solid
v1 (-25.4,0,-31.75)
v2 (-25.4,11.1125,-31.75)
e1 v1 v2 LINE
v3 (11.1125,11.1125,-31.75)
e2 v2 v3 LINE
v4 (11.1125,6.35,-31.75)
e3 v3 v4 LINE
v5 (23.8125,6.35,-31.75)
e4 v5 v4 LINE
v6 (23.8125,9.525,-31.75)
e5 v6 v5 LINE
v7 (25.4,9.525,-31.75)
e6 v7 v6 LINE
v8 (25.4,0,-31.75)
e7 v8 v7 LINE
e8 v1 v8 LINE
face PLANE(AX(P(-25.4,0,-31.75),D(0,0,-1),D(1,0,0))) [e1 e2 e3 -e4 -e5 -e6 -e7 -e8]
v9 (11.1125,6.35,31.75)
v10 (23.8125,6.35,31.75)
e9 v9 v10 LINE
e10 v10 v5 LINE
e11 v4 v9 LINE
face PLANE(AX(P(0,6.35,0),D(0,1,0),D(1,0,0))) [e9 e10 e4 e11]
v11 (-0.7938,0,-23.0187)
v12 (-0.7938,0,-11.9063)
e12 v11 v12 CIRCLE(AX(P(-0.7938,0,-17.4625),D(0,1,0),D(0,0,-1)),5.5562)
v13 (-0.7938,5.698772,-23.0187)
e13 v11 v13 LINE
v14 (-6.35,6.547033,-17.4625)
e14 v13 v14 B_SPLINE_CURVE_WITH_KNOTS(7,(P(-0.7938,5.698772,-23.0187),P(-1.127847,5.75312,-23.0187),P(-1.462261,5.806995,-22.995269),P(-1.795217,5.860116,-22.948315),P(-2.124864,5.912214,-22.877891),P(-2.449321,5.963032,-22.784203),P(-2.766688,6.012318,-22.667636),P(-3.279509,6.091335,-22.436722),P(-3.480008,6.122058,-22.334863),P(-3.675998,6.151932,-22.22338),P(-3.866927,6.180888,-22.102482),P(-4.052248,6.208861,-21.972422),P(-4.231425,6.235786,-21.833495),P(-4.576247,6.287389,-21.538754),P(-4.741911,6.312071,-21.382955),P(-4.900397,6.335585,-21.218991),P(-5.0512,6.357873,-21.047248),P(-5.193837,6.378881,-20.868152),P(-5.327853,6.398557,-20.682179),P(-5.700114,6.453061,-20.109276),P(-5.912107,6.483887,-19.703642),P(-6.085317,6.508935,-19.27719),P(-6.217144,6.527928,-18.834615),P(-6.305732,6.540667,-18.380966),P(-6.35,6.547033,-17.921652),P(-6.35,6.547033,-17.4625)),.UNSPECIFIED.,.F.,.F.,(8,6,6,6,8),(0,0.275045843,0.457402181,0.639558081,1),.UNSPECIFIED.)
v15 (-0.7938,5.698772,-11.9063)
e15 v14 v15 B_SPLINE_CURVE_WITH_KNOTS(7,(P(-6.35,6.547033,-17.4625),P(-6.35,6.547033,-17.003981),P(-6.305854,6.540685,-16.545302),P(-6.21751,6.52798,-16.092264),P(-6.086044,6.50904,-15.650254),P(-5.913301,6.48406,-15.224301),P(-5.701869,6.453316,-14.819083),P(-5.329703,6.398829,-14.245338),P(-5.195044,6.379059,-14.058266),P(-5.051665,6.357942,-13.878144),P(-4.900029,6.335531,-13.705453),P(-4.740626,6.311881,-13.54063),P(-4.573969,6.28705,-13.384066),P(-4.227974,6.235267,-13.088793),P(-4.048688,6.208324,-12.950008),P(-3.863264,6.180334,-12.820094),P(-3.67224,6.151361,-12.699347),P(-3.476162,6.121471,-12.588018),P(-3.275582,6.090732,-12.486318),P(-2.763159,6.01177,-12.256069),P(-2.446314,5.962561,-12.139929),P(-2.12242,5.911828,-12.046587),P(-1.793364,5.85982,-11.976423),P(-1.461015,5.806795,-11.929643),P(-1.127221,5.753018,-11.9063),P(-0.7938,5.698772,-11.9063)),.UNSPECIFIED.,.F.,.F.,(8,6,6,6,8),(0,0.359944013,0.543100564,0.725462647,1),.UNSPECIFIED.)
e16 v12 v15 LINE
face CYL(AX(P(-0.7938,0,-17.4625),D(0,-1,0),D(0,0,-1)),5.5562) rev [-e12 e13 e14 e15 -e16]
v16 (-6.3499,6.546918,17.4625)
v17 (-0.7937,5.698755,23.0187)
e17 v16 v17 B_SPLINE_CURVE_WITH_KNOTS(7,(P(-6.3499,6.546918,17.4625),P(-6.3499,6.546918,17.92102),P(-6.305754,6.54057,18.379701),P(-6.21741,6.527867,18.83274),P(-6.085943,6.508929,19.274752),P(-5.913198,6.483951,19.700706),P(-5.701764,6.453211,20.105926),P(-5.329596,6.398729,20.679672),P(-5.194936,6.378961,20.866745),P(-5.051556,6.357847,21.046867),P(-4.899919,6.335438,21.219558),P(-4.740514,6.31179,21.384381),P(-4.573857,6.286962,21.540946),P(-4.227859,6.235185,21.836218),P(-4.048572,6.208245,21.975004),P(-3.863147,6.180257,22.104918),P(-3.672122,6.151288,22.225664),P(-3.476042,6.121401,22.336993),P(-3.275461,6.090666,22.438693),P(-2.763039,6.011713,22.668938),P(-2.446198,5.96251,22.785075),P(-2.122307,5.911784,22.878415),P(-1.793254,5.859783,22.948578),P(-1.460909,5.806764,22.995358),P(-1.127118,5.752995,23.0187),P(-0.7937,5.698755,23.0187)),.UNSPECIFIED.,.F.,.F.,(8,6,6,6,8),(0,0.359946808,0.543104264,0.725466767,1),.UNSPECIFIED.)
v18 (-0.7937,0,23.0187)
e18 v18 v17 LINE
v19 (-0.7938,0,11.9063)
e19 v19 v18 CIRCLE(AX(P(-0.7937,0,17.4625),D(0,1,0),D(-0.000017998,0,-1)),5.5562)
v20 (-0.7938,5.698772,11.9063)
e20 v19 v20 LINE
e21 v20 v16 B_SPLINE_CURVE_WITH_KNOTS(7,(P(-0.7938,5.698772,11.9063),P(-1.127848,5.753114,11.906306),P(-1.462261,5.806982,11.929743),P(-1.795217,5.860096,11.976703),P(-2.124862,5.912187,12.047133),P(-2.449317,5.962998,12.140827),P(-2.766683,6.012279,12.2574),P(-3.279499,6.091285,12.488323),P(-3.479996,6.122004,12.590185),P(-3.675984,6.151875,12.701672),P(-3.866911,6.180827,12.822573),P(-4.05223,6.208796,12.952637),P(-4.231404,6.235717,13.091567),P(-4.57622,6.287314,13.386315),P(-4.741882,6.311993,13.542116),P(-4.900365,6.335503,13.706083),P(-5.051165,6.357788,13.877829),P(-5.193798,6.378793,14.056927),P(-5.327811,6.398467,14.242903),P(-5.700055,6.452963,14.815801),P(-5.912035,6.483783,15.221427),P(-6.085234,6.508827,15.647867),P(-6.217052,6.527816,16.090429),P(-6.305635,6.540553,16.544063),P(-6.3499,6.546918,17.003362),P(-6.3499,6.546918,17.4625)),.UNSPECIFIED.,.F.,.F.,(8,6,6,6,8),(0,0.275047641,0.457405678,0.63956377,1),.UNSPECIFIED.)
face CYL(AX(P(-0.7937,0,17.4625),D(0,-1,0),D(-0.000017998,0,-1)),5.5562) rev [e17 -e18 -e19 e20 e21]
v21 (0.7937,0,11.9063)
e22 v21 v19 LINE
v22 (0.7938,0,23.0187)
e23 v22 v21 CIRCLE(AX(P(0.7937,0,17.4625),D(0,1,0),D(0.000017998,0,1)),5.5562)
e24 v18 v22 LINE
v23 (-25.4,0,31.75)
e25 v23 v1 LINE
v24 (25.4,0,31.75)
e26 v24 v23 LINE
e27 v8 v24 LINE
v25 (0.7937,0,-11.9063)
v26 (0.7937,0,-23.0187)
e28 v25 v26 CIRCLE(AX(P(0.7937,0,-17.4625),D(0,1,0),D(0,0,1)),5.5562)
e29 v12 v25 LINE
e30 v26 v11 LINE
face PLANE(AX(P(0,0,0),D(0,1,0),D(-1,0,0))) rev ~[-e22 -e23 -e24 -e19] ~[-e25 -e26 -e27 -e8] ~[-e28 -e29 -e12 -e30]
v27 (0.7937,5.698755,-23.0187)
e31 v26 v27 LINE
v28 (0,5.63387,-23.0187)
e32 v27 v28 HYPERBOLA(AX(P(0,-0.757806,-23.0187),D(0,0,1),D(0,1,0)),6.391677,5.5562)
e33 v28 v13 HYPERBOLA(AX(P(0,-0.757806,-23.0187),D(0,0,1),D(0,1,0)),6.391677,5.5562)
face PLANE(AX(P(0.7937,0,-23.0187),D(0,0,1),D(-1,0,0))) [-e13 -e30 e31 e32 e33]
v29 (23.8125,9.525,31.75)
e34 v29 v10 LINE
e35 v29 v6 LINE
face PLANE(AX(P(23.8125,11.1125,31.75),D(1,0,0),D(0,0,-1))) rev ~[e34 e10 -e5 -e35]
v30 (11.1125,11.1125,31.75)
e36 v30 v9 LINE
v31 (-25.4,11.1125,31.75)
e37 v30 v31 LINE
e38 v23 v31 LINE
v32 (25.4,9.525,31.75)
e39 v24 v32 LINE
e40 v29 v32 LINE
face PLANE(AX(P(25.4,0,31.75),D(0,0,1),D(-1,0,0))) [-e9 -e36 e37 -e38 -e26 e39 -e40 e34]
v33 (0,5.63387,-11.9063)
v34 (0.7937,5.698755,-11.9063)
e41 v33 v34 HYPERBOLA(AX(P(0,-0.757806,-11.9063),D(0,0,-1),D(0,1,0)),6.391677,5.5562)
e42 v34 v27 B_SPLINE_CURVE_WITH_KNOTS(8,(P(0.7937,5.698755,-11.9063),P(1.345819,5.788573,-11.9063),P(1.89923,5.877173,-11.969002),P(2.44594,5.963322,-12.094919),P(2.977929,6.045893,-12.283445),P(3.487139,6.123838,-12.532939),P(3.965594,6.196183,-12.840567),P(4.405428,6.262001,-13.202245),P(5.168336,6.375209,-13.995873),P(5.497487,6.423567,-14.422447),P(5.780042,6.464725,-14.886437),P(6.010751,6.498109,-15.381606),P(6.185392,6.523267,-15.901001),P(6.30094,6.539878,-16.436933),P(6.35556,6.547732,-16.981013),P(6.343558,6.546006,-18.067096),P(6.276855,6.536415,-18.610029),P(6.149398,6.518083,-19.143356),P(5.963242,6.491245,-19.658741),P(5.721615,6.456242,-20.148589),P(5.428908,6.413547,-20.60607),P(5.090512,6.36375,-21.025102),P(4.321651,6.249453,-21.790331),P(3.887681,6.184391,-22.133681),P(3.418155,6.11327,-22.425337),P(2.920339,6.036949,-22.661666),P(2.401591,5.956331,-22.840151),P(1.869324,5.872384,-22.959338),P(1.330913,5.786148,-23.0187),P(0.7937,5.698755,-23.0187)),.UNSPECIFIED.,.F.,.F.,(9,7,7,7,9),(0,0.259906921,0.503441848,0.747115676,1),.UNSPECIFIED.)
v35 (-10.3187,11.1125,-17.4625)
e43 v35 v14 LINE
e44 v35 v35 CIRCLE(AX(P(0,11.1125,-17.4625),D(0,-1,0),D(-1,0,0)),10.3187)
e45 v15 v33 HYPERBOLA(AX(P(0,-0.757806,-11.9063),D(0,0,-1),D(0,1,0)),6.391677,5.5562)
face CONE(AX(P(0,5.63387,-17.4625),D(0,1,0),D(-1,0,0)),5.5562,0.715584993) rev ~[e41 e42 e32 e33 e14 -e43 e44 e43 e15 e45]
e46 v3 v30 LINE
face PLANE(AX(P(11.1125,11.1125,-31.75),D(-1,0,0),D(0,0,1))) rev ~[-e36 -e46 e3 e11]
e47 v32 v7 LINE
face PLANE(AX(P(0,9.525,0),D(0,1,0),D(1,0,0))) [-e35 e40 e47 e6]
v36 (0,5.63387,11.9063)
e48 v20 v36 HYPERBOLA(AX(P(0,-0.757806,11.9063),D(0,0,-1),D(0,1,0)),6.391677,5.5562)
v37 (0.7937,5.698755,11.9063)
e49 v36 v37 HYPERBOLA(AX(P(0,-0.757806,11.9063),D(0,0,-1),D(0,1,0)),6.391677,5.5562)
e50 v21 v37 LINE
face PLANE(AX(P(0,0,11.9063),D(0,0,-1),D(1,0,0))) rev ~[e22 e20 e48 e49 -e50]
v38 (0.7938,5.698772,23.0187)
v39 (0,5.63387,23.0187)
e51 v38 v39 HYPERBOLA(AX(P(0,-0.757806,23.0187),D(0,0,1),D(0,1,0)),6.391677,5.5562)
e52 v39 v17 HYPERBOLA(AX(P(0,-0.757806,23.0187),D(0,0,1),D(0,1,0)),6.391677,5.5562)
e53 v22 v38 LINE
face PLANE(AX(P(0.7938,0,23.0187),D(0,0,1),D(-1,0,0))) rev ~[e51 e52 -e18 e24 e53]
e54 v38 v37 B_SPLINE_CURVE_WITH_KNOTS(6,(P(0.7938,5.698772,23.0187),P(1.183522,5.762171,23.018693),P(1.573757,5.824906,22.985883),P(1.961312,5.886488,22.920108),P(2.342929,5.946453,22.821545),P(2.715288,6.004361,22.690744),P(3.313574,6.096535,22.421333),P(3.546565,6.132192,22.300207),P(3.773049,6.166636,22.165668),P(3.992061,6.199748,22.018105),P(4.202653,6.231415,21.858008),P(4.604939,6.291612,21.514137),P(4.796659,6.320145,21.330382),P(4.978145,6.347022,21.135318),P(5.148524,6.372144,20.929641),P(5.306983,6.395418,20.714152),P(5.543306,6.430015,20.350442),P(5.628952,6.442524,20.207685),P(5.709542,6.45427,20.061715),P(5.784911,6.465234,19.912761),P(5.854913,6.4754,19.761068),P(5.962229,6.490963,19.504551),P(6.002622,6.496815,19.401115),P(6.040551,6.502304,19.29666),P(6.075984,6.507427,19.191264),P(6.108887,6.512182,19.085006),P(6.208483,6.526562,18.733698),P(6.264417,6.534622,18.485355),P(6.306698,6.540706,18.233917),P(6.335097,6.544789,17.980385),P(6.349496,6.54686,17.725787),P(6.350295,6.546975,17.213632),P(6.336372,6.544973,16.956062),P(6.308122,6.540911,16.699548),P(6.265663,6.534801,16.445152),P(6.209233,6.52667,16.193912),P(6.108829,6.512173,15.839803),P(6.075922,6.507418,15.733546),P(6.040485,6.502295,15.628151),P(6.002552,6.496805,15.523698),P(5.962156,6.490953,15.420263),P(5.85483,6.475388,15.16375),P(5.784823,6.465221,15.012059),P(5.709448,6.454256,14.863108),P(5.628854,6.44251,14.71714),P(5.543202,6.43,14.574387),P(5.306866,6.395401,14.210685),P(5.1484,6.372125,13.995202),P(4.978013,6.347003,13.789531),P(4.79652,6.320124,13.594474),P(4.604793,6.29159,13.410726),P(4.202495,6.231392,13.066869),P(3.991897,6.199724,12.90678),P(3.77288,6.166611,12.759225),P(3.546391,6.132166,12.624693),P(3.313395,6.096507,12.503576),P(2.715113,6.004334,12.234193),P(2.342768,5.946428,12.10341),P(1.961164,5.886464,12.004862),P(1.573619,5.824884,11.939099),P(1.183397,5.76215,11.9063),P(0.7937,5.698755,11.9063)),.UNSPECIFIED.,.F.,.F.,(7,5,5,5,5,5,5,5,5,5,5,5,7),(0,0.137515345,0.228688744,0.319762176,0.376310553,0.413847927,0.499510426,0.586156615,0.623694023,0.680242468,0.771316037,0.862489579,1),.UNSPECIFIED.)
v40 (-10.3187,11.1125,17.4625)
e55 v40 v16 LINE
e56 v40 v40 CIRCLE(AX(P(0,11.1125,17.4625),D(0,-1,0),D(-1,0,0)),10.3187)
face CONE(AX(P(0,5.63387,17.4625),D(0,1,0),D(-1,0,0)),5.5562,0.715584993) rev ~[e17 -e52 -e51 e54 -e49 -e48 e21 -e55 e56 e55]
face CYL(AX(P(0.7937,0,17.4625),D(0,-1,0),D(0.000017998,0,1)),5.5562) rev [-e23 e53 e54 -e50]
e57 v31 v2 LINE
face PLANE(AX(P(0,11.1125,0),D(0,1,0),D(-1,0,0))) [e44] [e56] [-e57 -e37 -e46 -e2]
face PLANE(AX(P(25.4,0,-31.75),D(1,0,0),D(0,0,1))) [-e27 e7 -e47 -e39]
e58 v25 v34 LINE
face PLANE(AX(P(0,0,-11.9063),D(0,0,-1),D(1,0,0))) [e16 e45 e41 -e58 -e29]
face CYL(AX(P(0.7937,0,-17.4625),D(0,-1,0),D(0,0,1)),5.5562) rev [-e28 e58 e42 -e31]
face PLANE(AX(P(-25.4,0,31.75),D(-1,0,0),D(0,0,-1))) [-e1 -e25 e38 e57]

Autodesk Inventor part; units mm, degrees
ref_plane "YZ Plane" through (0, 0, 0) normal (1, 0, 0) x (0, 1, 0)
ref_plane "XZ Plane" through (0, 0, 0) normal (0, 1, 0) x (-1, 0, 0)
ref_plane "XY Plane" through (0, 0, 0) normal (0, 0, 1) x (1, 0, 0)
sketch "Sketch1" plane through (0, 0, 0) normal (0, 1, 0) x (-1, 0, 0)
  line L0 (-25.4, 31.75) -> (25.4, 31.75)
  line L1 (25.4, 31.75) -> (25.4, -31.75)
  line L2 (25.4, -31.75) -> (-25.4, -31.75)
  line L3 (-25.4, -31.75) -> (-25.4, 31.75)
  line L4 (-25.4, 31.75) -> (25.4, -31.75) construction
  line L5 (25.4, 31.75) -> (-25.4, -31.75) construction
  line L6 (0, 31.75) -> (0, -31.75) construction
  line L7 (-0.7937, -17.4625) -> (0.7938, -17.4625) construction
  line L8 (-0.7937, -23.0187) -> (0.7938, -23.0187)
  line L9 (0.7938, -11.9063) -> (-0.7937, -11.9063)
  arc A0 (-0.7937, -11.9063) -> (-0.7937, -23.0187) centre (-0.7937, -17.4625) ccw
  arc A1 (0.7938, -23.0187) -> (0.7938, -11.9063) centre (0.7938, -17.4625) ccw
  line L10 (25.4, 0) -> (-25.4, 0) construction
  line L11 (-0.7937, 17.4625) -> (0.7937, 17.4625) construction
  line L12 (-0.7938, 23.0187) -> (0.7937, 23.0187)
  line L13 (0.7938, 11.9063) -> (-0.7937, 11.9063)
  arc A2 (-0.7938, 23.0187) -> (-0.7937, 11.9063) centre (-0.7937, 17.4625) ccw
  arc A3 (0.7938, 11.9063) -> (0.7937, 23.0187) centre (0.7937, 17.4625) ccw
  circle A4 centre (0, 17.4625) radius 5.5562
  circle A5 centre (0, -17.4625) radius 5.5562
  point P0 (0, 0)
  point P1 (0, 0)
  point P2 (0, -11.9063)
  point P3 (0, -23.0187)
  point P4 (0, 11.9063)
  point P5 (0, 23.0187)
  dimension "d0" = 50.8
  dimension "d1" = 63.5
  dimension "d2" = 0.7937
  dimension "d3" = 11.1125
  dimension "d4" = 17.4625
extrude "Extrusion1" add sketch "Sketch1" along normal blind 11.1125 contours L0 L1 L2 L3 | A0 L9 A5 L8 | A5 L9 A1 L8 | L12 A4 L13 A2 | L12 A3 L13 A4
sketch "Sketch2" plane through (0, 11.1125, 0) normal (0, 1, 0) x (1, 0, 0)
  line L0 (25.4, 31.75) -> (-25.4, 31.75) projected
  line L1 (-25.4, -31.75) -> (25.4, -31.75) projected
  line L2 (23.8125, 31.75) -> (11.1125, 31.75)
  line L3 (11.1125, 31.75) -> (11.1125, -31.75)
  line L4 (11.1125, -31.75) -> (23.8125, -31.75)
  line L5 (23.8125, -31.75) -> (23.8125, 31.75)
  line L6 (25.4, -31.75) -> (25.4, 31.75) projected
  point P0 (0, 0)
  point P1 (23.8125, -31.75)
  dimension "d7" = 12.7
  dimension "d8" = 1.5875
extrude "Extrusion3" cut sketch "Sketch2" against normal blind 1.5875 contours L6 L1 L5 L0
chamfer "Chamfer1" distance 4.7625 angle 49 2 edges at (0, 11.1125, 23.0188) (0, 11.1125, -23.0188) measured on face at (-18.6651, 11.1125, -5.1641)
extrude "Extrusion4" cut sketch "Sketch2" against normal blind 4.7625 contours L5 L1 L3 L0
extrude "Extrusion5" cut sketch "Sketch1" along normal blind 7.9375 contours A0 L9 A5 L8 | A5 L9 A1 L8 | A5 | L12 A4 L13 A2 | L12 A3 L13 A4 | A4
properties part number "Jaw" material "Aluminum 6061"
